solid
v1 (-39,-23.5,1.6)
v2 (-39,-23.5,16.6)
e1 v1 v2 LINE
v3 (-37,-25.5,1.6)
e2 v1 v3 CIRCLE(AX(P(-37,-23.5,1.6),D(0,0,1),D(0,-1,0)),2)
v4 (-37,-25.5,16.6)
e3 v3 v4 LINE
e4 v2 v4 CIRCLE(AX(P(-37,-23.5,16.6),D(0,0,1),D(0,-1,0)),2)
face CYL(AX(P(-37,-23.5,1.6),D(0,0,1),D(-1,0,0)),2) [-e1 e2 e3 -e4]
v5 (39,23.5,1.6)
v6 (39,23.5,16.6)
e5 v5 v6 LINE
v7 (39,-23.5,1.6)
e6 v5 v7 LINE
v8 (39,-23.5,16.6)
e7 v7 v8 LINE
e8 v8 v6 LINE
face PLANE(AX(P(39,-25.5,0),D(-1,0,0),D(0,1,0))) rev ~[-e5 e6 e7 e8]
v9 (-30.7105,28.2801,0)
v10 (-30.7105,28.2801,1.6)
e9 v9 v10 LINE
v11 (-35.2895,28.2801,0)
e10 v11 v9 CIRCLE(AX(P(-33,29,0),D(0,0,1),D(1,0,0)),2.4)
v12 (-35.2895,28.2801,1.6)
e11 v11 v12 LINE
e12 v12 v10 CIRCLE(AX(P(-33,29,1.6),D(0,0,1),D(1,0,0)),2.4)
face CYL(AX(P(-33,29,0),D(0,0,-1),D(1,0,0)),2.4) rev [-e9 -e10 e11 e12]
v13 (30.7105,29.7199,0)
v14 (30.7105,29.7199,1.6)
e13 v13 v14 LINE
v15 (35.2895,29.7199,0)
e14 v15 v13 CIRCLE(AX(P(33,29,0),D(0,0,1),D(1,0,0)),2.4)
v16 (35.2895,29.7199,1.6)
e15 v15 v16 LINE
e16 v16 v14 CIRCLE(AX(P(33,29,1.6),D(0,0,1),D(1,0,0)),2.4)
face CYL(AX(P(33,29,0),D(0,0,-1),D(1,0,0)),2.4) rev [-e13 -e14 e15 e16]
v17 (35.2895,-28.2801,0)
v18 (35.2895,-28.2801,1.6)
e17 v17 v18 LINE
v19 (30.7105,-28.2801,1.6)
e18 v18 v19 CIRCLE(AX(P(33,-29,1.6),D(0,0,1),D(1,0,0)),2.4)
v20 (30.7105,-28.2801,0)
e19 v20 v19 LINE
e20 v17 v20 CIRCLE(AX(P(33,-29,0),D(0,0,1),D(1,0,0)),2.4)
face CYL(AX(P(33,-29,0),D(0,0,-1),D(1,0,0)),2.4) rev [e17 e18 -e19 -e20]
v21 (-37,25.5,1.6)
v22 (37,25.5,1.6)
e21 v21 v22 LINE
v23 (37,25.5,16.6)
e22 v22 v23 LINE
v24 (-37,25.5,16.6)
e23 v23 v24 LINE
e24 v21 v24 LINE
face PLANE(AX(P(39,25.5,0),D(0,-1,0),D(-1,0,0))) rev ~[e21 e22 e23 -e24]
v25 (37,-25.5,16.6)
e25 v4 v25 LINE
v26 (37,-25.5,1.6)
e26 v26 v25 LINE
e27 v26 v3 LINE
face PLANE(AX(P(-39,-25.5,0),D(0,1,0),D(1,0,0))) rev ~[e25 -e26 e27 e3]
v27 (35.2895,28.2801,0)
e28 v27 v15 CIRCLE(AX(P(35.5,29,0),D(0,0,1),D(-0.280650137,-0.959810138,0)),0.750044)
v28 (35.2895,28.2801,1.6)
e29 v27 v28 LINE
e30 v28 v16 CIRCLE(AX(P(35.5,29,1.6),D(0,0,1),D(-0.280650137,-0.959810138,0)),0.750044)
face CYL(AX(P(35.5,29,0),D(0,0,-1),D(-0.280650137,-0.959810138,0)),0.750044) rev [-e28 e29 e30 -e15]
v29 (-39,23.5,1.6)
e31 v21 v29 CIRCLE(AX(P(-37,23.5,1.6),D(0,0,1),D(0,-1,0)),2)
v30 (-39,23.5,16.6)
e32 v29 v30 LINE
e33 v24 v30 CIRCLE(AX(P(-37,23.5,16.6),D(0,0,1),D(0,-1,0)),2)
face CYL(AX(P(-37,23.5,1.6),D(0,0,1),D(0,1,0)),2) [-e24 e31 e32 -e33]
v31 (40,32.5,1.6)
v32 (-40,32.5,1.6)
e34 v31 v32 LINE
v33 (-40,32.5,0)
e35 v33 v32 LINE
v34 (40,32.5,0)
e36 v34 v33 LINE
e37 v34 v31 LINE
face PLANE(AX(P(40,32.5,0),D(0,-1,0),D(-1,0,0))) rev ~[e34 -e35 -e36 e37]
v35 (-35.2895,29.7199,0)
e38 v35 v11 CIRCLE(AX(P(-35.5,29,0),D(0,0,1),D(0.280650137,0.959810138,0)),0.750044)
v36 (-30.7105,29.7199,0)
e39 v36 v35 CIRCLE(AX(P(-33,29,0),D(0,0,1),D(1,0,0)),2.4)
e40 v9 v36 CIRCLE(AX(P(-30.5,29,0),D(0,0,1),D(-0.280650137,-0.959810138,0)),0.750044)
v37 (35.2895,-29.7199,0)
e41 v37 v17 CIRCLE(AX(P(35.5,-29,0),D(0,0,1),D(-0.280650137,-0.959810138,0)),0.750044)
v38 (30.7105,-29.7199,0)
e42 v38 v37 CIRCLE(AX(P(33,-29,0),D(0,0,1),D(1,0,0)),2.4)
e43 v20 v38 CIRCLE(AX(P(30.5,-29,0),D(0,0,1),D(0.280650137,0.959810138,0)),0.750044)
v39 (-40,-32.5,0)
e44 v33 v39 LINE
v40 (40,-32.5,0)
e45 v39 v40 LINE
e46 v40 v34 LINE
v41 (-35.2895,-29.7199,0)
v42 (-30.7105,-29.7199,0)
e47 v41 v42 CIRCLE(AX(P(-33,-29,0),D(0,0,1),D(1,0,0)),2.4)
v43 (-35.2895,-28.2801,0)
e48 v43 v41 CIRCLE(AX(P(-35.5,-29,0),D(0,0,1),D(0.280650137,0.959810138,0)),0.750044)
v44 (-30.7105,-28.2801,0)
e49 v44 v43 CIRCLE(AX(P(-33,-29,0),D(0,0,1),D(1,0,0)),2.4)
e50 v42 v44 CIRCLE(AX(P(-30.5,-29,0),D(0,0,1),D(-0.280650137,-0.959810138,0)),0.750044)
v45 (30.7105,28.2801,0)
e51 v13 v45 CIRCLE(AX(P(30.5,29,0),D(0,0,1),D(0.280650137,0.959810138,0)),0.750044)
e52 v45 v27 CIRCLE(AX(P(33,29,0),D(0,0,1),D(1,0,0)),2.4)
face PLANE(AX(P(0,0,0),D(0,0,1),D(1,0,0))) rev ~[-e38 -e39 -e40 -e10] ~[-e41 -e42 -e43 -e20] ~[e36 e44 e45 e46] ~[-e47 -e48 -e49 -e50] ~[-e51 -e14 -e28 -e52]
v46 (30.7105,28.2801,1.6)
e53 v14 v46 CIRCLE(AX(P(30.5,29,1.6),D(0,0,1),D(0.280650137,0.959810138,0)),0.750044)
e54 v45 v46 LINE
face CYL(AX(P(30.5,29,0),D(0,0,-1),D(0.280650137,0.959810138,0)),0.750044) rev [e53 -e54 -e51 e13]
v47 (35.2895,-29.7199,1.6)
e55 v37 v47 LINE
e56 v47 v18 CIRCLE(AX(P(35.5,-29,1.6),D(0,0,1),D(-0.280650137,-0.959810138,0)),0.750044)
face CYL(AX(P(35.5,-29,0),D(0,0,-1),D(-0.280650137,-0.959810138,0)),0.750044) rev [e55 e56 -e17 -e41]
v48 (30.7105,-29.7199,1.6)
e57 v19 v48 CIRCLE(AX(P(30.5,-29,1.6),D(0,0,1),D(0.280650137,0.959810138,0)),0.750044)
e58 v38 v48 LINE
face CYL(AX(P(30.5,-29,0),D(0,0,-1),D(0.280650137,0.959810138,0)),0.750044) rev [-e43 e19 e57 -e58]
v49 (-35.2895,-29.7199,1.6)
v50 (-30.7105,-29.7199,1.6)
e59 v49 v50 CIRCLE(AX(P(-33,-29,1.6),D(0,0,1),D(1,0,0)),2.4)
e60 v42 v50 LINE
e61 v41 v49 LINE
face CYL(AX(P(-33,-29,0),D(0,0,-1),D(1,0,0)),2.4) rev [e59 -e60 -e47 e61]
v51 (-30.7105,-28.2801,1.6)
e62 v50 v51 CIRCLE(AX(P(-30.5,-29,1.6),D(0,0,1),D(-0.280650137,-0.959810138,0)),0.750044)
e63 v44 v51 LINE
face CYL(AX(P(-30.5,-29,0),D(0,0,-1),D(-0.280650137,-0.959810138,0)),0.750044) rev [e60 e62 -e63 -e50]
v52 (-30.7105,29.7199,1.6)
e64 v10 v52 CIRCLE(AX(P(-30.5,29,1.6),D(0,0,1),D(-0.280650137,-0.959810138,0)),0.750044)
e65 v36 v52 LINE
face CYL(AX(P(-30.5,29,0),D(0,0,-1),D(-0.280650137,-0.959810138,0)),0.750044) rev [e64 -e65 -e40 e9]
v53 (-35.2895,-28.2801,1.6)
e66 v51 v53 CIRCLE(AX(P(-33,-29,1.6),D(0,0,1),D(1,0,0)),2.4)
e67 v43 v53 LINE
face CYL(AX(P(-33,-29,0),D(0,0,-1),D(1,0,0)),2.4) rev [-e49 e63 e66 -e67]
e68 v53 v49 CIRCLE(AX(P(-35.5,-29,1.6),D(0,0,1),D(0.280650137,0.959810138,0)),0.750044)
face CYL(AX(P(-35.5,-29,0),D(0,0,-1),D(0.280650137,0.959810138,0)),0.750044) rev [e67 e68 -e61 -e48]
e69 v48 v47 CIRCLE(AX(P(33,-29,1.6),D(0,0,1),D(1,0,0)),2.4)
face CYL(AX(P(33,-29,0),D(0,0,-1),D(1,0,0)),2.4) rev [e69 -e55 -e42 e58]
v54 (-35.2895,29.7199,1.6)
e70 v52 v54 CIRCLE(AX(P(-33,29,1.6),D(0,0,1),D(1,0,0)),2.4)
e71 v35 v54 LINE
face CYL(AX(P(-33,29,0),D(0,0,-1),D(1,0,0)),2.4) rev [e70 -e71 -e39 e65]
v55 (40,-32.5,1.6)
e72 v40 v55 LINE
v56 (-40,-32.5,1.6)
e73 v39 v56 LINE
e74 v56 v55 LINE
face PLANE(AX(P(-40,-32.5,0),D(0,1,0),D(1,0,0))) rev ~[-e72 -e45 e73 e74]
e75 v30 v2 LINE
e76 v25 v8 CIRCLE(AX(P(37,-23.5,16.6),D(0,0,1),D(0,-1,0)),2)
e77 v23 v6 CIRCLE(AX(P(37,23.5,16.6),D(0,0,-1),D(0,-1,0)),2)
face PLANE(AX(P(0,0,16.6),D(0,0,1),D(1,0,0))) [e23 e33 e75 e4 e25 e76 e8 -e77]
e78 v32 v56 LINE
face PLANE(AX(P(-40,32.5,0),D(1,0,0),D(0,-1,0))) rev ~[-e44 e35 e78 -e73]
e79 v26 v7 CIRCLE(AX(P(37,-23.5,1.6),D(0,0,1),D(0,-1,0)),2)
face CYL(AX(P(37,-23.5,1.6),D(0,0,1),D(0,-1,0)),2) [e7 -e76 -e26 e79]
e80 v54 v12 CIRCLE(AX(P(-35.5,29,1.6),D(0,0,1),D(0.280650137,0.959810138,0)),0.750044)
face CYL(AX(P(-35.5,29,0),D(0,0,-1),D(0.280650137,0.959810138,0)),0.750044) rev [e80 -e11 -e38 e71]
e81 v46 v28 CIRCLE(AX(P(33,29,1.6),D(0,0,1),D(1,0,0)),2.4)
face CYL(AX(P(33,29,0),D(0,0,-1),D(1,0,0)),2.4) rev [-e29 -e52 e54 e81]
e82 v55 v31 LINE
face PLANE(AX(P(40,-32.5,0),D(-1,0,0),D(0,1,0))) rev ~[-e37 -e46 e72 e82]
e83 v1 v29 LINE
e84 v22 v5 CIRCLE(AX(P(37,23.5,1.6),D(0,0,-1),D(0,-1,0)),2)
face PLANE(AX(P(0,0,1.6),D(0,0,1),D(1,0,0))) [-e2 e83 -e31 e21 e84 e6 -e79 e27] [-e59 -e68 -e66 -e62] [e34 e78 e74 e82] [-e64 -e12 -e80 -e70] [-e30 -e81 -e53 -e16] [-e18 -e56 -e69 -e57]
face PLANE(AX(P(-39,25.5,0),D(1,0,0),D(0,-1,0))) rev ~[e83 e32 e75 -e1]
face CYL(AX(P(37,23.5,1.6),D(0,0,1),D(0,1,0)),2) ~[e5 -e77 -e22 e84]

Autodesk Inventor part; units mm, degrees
ref_plane "YZ Plane" through (0, 0, 0) normal (1, 0, 0) x (0, 1, 0)
ref_plane "XZ Plane" through (0, 0, 0) normal (0, 1, 0) x (-1, 0, 0)
ref_plane "XY Plane" through (0, 0, 0) normal (0, 0, 1) x (1, 0, 0)
sketch "Sketch1" plane through (0, 0, 0) normal (0, 0, 1) x (1, 0, 0)
  line L0 (40, 32.5) -> (-40, 32.5)
  line L1 (-40, 32.5) -> (-40, -32.5)
  line L2 (-40, -32.5) -> (40, -32.5)
  line L3 (40, -32.5) -> (40, 32.5)
  line L4 (40, 32.5) -> (-40, -32.5) construction
  line L5 (-40, 32.5) -> (40, -32.5) construction
  line L6 (-33, 29) -> (33, 29) construction
  line L7 (33, 29) -> (33, -29) construction
  line L8 (33, -29) -> (-33, -29) construction
  line L9 (-33, -29) -> (-33, 29) construction
  line L10 (-33, 29) -> (33, -29) construction
  line L11 (33, 29) -> (-33, -29) construction
  line L12 (40, 0) -> (-40, 0) construction
  line L13 (0, 32.5) -> (0, -32.5) construction
  circle A0 centre (33, 29) radius 2.4
  circle A1 centre (-33, 29) radius 2.4
  circle A2 centre (33, -29) radius 2.4
  circle A3 centre (-33, -29) radius 2.4
  line L14 (33, 32.25) -> (33, 25.75) construction
  arc A4 (35.2895, 28.2801) -> (35.2895, 29.7199) centre (35.5, 29) ccw
  arc A5 (30.7105, 29.7199) -> (30.7105, 28.2801) centre (30.5, 29) ccw
  arc A6 (-35.2895, 29.7199) -> (-35.2895, 28.2801) centre (-35.5, 29) ccw
  arc A7 (-30.7105, 28.2801) -> (-30.7105, 29.7199) centre (-30.5, 29) ccw
  arc A8 (35.2895, -29.7199) -> (35.2895, -28.2801) centre (35.5, -29) ccw
  arc A9 (30.7105, -28.2801) -> (30.7105, -29.7199) centre (30.5, -29) ccw
  arc A10 (-35.2895, -28.2801) -> (-35.2895, -29.7199) centre (-35.5, -29) ccw
  arc A11 (-30.7105, -29.7199) -> (-30.7105, -28.2801) centre (-30.5, -29) ccw
  line L15 (39, 25.5) -> (-39, 25.5)
  line L16 (-39, 25.5) -> (-39, -25.5)
  line L17 (-39, -25.5) -> (39, -25.5)
  line L18 (39, -25.5) -> (39, 25.5)
  line L19 (39, 25.5) -> (-39, -25.5) construction
  line L20 (-39, 25.5) -> (39, -25.5) construction
  point P0 (0, 0)
  point P1 (36.25, 29)
  point P2 (29.75, 29)
  point P3 (36.25, -29)
  point P4 (30.7105, 28.2801)
  point P5 (30.7105, 29.7199)
  point P6 (-30.7105, 29.7199)
  point P7 (-30.7105, 28.2801)
  point P8 (-35.2895, 28.2801)
  point P9 (-35.2895, 29.7199)
  point P10 (-30.7105, -28.2801)
  point P11 (-30.7105, -29.7199)
  point P12 (-35.2895, -29.7199)
  point P13 (-35.2895, -28.2801)
  point P14 (35.2895, -28.2801)
  point P15 (35.2895, -29.7199)
  point P16 (30.7105, -29.7199)
  point P17 (30.7105, -28.2801)
  dimension "d0" = 80
  dimension "d1" = 65
  dimension "d19" = 4.8
  dimension "d30" = 6.5
  dimension "d33" = 58
  dimension "d34" = 66
  dimension "d35" = 6.5
  dimension "d36" = 1.5
  dimension "d37" = 7
  dimension "d38" = 1
  dimension "d39" = 51
  dimension "d40" = 78
  dimension "d41" = 14
extrude "Extrusion1" add sketch "Sketch1" along normal blind 1.6 contours L3 L2 L1 L0 | L18 L17 L16 L15
extrude "Extrusion2" add sketch "Sketch1" along normal blind 16.6 contours L18 L17 L16 L15
fillet "Fillet1" radius 2 4 edges at (39, -25.5, 9.1) (39, 25.5, 9.1) (-39, -25.5, 9.1) (-39, 25.5, 9.1)
properties part number "SUSTAINA-ACTUATOR-POWER-BOARD" material "Acetal Resin, Black"
